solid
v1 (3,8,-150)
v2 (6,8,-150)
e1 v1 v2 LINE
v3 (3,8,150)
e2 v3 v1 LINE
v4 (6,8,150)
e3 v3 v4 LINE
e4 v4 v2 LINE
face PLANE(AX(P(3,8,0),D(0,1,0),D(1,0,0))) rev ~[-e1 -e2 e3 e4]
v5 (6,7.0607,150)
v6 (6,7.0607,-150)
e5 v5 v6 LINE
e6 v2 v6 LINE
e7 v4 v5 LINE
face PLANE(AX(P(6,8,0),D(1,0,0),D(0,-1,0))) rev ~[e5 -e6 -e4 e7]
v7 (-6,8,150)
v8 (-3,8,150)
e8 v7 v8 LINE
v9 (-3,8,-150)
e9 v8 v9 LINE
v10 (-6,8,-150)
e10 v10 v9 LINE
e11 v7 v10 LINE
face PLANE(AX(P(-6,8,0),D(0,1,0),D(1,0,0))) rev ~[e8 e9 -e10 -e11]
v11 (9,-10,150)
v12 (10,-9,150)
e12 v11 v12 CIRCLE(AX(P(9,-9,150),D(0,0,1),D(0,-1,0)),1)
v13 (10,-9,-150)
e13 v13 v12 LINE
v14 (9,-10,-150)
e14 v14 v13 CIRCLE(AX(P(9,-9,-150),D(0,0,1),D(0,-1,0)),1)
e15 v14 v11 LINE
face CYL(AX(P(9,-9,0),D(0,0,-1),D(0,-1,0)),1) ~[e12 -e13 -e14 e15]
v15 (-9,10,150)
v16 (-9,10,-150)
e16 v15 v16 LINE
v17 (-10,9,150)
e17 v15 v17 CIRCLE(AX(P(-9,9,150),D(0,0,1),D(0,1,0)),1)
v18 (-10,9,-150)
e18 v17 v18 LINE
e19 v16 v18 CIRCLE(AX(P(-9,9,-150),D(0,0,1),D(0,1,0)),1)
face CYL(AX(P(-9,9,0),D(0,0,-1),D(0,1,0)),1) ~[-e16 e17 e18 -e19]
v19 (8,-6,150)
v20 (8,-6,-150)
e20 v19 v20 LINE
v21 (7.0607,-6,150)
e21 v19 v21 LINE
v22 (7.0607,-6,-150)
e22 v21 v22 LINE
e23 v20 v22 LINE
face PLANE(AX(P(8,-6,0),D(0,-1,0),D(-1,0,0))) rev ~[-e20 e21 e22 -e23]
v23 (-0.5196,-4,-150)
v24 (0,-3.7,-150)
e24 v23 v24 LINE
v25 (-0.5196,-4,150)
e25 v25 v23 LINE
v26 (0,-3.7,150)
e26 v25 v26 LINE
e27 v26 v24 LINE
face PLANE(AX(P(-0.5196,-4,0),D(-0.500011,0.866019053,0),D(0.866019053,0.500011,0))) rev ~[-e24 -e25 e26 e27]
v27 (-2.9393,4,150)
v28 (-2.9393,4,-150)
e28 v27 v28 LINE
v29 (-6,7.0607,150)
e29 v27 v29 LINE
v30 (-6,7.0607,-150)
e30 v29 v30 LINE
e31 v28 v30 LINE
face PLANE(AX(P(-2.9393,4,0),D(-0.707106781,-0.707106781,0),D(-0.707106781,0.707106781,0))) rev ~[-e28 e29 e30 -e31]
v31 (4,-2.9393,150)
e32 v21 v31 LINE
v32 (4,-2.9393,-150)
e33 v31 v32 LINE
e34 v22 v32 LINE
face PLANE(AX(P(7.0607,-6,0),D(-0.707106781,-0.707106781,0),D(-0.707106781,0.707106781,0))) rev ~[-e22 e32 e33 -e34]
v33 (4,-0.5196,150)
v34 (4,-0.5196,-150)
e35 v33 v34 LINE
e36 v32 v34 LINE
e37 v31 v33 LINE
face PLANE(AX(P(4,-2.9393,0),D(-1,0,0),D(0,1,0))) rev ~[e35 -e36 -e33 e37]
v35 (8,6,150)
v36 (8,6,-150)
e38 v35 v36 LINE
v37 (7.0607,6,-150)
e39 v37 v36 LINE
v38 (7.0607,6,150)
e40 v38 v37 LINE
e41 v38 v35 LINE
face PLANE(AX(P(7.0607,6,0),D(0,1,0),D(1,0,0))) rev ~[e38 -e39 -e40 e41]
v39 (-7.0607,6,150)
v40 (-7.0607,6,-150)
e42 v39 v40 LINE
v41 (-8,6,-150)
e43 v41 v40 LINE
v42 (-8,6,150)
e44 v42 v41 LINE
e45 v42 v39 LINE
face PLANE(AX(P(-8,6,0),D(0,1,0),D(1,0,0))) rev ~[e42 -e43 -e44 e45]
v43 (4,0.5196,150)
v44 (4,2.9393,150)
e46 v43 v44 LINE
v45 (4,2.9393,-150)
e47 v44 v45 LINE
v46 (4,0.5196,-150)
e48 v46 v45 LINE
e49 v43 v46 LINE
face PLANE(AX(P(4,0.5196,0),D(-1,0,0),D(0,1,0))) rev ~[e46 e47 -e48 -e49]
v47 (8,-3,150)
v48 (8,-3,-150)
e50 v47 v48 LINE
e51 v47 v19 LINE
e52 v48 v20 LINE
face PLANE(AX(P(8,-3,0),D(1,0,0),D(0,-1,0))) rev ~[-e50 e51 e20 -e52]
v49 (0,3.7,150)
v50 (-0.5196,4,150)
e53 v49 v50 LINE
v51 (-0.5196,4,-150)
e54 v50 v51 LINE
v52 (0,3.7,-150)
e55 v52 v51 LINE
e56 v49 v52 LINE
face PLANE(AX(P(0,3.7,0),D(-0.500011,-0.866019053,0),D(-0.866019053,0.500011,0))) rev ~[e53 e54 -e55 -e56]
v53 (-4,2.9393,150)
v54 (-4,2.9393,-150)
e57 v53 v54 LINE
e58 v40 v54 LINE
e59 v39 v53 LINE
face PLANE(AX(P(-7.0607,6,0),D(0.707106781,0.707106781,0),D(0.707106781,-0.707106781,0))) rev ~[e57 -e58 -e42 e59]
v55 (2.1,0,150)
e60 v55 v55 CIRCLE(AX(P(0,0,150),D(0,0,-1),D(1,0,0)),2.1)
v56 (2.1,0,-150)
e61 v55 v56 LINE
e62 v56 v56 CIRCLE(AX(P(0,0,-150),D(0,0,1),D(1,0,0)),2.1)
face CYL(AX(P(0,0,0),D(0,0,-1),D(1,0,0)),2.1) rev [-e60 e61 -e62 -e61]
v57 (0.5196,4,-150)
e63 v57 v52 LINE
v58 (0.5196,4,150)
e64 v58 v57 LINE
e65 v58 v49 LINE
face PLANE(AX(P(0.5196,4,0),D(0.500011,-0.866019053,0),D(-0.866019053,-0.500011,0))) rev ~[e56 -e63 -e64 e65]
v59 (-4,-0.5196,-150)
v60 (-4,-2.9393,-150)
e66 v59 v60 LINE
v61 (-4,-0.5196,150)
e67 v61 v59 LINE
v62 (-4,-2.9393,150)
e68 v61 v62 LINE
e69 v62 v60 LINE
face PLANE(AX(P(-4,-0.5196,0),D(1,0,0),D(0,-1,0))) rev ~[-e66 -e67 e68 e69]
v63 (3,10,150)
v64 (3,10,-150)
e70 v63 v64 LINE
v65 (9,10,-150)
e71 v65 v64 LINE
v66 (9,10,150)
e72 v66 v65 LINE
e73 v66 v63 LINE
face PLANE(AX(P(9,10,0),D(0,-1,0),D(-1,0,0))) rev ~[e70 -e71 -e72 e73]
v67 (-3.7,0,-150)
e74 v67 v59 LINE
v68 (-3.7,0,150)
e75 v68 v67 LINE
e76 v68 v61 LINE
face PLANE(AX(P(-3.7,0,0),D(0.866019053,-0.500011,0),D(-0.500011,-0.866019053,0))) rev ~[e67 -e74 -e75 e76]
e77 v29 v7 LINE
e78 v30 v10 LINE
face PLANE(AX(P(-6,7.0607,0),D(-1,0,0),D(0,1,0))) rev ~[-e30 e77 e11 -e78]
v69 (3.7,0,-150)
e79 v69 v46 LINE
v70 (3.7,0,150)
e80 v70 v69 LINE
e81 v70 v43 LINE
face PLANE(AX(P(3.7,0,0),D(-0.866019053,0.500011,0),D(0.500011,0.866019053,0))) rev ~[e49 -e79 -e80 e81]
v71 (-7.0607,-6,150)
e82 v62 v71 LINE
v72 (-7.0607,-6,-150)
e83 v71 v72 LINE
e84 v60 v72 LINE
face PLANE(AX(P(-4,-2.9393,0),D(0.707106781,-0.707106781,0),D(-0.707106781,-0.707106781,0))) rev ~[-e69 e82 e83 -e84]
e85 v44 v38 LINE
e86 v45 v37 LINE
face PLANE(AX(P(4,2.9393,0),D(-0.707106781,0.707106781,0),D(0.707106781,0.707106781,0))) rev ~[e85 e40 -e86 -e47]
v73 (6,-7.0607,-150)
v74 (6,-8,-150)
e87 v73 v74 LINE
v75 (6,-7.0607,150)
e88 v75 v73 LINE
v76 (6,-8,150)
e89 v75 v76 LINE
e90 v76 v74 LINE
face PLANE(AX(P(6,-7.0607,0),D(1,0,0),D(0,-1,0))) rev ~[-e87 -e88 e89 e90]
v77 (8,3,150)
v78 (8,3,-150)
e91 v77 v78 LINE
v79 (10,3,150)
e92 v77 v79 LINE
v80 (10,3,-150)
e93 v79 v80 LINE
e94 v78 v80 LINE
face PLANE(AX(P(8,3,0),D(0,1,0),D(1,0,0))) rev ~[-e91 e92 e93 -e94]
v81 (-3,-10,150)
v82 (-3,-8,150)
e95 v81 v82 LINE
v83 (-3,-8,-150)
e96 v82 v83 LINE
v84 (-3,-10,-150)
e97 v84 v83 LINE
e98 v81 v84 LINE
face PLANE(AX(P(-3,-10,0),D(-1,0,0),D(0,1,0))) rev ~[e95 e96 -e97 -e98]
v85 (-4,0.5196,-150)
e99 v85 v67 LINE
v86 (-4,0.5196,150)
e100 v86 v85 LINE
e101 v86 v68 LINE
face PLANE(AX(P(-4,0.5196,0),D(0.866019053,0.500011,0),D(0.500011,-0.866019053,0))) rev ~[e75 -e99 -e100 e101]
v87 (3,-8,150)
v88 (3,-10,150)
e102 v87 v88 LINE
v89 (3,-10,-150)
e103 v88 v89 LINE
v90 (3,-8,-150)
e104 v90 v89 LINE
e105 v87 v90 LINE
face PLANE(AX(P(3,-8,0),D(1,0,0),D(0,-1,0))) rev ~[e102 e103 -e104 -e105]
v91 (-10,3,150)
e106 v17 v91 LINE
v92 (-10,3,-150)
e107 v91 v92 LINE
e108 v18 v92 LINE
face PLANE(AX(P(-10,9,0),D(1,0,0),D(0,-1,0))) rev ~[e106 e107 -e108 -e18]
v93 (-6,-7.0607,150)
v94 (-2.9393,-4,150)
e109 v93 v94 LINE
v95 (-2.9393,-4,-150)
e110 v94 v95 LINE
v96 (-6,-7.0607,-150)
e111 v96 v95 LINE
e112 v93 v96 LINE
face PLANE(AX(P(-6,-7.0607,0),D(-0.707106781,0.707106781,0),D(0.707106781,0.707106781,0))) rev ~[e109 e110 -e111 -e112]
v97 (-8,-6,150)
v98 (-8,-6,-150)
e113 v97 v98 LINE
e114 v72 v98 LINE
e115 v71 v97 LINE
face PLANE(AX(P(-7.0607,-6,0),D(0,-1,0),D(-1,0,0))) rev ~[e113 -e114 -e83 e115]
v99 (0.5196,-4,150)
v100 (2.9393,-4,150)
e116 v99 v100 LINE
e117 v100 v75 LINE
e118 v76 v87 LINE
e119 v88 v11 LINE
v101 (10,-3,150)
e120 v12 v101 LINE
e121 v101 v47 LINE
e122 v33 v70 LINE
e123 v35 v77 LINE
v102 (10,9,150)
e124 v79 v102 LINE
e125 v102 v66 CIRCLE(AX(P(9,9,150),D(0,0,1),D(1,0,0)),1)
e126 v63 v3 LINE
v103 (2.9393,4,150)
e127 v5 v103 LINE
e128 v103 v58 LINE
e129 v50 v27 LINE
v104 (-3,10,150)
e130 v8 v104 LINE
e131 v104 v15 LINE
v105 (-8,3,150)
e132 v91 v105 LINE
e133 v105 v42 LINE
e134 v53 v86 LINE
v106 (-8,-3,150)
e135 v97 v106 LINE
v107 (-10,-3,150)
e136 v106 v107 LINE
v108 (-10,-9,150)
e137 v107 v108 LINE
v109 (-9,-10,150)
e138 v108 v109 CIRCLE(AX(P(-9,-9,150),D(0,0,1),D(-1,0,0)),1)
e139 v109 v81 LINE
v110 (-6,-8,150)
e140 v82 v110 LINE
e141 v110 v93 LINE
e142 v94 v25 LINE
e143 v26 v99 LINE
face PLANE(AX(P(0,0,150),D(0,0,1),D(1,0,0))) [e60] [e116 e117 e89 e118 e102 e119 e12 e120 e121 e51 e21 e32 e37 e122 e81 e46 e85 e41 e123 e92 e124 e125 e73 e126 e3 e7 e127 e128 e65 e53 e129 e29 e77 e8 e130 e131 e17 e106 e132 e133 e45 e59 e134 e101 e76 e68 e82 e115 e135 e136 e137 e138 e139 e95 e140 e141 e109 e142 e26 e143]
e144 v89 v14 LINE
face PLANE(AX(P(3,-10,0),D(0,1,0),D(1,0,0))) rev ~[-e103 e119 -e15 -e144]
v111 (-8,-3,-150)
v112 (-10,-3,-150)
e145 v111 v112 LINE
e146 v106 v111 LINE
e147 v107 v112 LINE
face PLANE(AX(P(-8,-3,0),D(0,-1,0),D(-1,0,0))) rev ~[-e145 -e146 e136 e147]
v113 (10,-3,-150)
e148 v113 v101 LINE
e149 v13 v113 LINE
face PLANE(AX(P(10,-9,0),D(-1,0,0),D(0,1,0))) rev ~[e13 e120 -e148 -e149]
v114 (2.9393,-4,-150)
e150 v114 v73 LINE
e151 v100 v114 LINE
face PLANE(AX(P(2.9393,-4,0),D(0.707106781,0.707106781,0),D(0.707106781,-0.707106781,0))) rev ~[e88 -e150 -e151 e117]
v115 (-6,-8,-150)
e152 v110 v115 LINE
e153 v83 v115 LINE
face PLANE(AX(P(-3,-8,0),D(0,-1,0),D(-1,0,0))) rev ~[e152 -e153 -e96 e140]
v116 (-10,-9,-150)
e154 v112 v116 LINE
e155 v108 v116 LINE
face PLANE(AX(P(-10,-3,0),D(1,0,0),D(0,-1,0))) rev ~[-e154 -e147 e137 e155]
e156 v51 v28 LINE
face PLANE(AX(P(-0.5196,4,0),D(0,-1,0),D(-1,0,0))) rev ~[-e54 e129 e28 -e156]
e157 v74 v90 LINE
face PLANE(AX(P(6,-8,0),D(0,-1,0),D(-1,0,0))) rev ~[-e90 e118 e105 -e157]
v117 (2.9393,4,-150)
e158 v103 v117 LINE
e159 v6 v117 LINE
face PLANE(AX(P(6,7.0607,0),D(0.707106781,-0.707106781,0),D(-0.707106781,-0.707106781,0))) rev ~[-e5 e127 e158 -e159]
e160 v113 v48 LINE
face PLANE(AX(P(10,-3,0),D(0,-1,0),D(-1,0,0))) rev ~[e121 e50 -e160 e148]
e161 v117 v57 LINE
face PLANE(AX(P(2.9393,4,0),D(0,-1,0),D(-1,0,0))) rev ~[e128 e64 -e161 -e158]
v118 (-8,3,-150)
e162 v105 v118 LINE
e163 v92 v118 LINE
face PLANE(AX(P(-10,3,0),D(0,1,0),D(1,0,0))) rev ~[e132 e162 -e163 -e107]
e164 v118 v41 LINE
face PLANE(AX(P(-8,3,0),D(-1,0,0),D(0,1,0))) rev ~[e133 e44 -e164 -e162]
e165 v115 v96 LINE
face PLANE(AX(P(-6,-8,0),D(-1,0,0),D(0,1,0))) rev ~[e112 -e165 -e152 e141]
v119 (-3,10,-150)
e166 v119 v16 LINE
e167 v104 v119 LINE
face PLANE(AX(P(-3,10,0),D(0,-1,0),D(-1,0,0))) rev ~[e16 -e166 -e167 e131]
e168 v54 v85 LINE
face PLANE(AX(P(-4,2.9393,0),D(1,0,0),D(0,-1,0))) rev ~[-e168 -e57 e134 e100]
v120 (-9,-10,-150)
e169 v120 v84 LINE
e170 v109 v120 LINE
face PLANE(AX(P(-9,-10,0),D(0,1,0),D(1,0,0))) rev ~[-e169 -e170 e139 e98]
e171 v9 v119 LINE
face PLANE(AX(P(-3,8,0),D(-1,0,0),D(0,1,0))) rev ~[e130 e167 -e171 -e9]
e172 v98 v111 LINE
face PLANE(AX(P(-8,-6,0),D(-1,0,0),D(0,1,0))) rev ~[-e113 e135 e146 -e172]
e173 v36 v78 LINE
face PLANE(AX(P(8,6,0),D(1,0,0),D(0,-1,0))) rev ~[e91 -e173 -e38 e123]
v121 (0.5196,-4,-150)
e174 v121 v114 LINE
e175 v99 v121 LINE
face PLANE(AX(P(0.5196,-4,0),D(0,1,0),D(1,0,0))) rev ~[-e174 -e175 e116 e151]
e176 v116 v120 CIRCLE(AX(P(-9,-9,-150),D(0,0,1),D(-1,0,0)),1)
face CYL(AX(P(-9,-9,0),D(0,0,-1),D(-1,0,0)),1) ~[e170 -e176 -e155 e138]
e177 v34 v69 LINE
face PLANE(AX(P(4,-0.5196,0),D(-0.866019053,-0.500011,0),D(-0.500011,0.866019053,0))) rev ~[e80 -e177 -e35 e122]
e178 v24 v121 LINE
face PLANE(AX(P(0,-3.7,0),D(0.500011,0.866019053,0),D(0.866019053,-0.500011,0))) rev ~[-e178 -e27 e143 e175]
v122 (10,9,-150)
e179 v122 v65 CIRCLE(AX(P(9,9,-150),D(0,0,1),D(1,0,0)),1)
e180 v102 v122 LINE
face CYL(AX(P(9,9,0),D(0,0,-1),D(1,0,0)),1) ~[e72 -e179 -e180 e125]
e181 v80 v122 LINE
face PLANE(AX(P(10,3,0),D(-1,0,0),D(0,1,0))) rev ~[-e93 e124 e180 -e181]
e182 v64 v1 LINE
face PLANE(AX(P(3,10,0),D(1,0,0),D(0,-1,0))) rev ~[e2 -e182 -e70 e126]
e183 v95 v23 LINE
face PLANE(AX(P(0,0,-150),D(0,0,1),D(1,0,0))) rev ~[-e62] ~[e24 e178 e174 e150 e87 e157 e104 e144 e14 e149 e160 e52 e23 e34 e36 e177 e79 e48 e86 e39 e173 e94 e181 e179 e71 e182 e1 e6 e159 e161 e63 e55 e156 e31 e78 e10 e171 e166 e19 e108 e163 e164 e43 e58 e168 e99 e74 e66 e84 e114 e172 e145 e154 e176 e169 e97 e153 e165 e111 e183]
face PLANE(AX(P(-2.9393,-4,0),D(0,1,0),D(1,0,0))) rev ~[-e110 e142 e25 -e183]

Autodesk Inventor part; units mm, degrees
ref_plane "YZ Plane" through (0, 0, 0) normal (1, 0, 0) x (0, 1, 0)
ref_plane "XZ Plane" through (0, 0, 0) normal (0, 1, 0) x (-1, 0, 0)
ref_plane "XY Plane" through (0, 0, 0) normal (0, 0, 1) x (1, 0, 0)
sketch "Sketch1" plane through (0, 0, 0) normal (0, 0, 1) x (1, 0, 0)
  line L0 (-2.205, 0) -> (2.205, 0)
  line L1 (0, -2.205) -> (0, 2.205)
  arc A0 (9, -10) -> (10, -9) centre (9, -9) ccw
  line L2 (-10, 9) -> (-10, 3)
  line L3 (-10, 3) -> (-8, 3)
  line L4 (-8, 3) -> (-8, 6)
  line L5 (-8, 6) -> (-7.0607, 6)
  line L6 (-7.0607, 6) -> (-4, 2.9393)
  line L7 (-4, 2.9393) -> (-4, 0.5196)
  line L8 (-4, 0.5196) -> (-3.7, 0)
  line L9 (-3.7, 0) -> (-4, -0.5196)
  line L10 (-4, -0.5196) -> (-4, -2.9393)
  line L11 (-4, -2.9393) -> (-7.0607, -6)
  line L12 (-7.0607, -6) -> (-8, -6)
  line L13 (-8, -6) -> (-8, -3)
  line L14 (-8, -3) -> (-10, -3)
  line L15 (-10, -3) -> (-10, -9)
  arc A1 (-10, -9) -> (-9, -10) centre (-9, -9) ccw
  line L16 (-9, -10) -> (-3, -10)
  line L17 (-3, -10) -> (-3, -8)
  line L18 (-3, -8) -> (-6, -8)
  line L19 (-6, -7.0607) -> (-2.9393, -4)
  line L20 (-2.9393, -4) -> (-0.5196, -4)
  line L21 (-0.5196, -4) -> (0, -3.7)
  line L22 (0, -3.7) -> (0.5196, -4)
  line L23 (0.5196, -4) -> (2.9393, -4)
  line L24 (2.9393, -4) -> (6, -7.0607)
  line L25 (6, -7.0607) -> (6, -8)
  line L26 (6, -8) -> (3, -8)
  line L27 (3, -8) -> (3, -10)
  line L28 (3, -10) -> (9, -10)
  line L29 (10, -9) -> (10, -3)
  line L30 (10, -3) -> (8, -3)
  line L31 (8, -3) -> (8, -6)
  line L32 (8, -6) -> (7.0607, -6)
  line L33 (7.0607, -6) -> (4, -2.9393)
  line L34 (4, -2.9393) -> (4, -0.5196)
  line L35 (4, -0.5196) -> (3.7, 0)
  line L36 (3.7, 0) -> (4, 0.5196)
  line L37 (4, 0.5196) -> (4, 2.9393)
  line L38 (4, 2.9393) -> (7.0607, 6)
  line L39 (7.0607, 6) -> (8, 6)
  line L40 (8, 6) -> (8, 3)
  line L41 (8, 3) -> (10, 3)
  line L42 (10, 3) -> (10, 9)
  arc A2 (10, 9) -> (9, 10) centre (9, 9) ccw
  line L43 (9, 10) -> (3, 10)
  line L44 (3, 10) -> (3, 8)
  line L45 (3, 8) -> (6, 8)
  line L46 (6, 8) -> (6, 7.0607)
  line L47 (6, 7.0607) -> (2.9393, 4)
  line L48 (2.9393, 4) -> (0.5196, 4)
  line L49 (0.5196, 4) -> (0, 3.7)
  line L50 (0, 3.7) -> (-0.5196, 4)
  line L51 (-0.5196, 4) -> (-2.9393, 4)
  line L52 (-2.9393, 4) -> (-6, 7.0607)
  line L53 (-6, 7.0607) -> (-6, 8)
  line L54 (-6, 8) -> (-3, 8)
  line L55 (-3, 8) -> (-3, 10)
  line L56 (-3, 10) -> (-9, 10)
  arc A3 (-9, 10) -> (-10, 9) centre (-9, 9) ccw
  circle A4 centre (0, 0) radius 2.1
  line L57 (-6, -8) -> (-6, -7.0607)
extrude "Extrusion1" add sketch "Sketch1" along normal mid plane 300
equation "\"d0\" = width"
equation "\"mppcMountThickness\" = 6.35"
equation "\"width\" = 300"
equation "\"facingThickness\" = 12.7"
equation "\"facingGasketThickness\" = 1.5875"
properties part number "HFS5-2020" material "Aluminum 6061"
